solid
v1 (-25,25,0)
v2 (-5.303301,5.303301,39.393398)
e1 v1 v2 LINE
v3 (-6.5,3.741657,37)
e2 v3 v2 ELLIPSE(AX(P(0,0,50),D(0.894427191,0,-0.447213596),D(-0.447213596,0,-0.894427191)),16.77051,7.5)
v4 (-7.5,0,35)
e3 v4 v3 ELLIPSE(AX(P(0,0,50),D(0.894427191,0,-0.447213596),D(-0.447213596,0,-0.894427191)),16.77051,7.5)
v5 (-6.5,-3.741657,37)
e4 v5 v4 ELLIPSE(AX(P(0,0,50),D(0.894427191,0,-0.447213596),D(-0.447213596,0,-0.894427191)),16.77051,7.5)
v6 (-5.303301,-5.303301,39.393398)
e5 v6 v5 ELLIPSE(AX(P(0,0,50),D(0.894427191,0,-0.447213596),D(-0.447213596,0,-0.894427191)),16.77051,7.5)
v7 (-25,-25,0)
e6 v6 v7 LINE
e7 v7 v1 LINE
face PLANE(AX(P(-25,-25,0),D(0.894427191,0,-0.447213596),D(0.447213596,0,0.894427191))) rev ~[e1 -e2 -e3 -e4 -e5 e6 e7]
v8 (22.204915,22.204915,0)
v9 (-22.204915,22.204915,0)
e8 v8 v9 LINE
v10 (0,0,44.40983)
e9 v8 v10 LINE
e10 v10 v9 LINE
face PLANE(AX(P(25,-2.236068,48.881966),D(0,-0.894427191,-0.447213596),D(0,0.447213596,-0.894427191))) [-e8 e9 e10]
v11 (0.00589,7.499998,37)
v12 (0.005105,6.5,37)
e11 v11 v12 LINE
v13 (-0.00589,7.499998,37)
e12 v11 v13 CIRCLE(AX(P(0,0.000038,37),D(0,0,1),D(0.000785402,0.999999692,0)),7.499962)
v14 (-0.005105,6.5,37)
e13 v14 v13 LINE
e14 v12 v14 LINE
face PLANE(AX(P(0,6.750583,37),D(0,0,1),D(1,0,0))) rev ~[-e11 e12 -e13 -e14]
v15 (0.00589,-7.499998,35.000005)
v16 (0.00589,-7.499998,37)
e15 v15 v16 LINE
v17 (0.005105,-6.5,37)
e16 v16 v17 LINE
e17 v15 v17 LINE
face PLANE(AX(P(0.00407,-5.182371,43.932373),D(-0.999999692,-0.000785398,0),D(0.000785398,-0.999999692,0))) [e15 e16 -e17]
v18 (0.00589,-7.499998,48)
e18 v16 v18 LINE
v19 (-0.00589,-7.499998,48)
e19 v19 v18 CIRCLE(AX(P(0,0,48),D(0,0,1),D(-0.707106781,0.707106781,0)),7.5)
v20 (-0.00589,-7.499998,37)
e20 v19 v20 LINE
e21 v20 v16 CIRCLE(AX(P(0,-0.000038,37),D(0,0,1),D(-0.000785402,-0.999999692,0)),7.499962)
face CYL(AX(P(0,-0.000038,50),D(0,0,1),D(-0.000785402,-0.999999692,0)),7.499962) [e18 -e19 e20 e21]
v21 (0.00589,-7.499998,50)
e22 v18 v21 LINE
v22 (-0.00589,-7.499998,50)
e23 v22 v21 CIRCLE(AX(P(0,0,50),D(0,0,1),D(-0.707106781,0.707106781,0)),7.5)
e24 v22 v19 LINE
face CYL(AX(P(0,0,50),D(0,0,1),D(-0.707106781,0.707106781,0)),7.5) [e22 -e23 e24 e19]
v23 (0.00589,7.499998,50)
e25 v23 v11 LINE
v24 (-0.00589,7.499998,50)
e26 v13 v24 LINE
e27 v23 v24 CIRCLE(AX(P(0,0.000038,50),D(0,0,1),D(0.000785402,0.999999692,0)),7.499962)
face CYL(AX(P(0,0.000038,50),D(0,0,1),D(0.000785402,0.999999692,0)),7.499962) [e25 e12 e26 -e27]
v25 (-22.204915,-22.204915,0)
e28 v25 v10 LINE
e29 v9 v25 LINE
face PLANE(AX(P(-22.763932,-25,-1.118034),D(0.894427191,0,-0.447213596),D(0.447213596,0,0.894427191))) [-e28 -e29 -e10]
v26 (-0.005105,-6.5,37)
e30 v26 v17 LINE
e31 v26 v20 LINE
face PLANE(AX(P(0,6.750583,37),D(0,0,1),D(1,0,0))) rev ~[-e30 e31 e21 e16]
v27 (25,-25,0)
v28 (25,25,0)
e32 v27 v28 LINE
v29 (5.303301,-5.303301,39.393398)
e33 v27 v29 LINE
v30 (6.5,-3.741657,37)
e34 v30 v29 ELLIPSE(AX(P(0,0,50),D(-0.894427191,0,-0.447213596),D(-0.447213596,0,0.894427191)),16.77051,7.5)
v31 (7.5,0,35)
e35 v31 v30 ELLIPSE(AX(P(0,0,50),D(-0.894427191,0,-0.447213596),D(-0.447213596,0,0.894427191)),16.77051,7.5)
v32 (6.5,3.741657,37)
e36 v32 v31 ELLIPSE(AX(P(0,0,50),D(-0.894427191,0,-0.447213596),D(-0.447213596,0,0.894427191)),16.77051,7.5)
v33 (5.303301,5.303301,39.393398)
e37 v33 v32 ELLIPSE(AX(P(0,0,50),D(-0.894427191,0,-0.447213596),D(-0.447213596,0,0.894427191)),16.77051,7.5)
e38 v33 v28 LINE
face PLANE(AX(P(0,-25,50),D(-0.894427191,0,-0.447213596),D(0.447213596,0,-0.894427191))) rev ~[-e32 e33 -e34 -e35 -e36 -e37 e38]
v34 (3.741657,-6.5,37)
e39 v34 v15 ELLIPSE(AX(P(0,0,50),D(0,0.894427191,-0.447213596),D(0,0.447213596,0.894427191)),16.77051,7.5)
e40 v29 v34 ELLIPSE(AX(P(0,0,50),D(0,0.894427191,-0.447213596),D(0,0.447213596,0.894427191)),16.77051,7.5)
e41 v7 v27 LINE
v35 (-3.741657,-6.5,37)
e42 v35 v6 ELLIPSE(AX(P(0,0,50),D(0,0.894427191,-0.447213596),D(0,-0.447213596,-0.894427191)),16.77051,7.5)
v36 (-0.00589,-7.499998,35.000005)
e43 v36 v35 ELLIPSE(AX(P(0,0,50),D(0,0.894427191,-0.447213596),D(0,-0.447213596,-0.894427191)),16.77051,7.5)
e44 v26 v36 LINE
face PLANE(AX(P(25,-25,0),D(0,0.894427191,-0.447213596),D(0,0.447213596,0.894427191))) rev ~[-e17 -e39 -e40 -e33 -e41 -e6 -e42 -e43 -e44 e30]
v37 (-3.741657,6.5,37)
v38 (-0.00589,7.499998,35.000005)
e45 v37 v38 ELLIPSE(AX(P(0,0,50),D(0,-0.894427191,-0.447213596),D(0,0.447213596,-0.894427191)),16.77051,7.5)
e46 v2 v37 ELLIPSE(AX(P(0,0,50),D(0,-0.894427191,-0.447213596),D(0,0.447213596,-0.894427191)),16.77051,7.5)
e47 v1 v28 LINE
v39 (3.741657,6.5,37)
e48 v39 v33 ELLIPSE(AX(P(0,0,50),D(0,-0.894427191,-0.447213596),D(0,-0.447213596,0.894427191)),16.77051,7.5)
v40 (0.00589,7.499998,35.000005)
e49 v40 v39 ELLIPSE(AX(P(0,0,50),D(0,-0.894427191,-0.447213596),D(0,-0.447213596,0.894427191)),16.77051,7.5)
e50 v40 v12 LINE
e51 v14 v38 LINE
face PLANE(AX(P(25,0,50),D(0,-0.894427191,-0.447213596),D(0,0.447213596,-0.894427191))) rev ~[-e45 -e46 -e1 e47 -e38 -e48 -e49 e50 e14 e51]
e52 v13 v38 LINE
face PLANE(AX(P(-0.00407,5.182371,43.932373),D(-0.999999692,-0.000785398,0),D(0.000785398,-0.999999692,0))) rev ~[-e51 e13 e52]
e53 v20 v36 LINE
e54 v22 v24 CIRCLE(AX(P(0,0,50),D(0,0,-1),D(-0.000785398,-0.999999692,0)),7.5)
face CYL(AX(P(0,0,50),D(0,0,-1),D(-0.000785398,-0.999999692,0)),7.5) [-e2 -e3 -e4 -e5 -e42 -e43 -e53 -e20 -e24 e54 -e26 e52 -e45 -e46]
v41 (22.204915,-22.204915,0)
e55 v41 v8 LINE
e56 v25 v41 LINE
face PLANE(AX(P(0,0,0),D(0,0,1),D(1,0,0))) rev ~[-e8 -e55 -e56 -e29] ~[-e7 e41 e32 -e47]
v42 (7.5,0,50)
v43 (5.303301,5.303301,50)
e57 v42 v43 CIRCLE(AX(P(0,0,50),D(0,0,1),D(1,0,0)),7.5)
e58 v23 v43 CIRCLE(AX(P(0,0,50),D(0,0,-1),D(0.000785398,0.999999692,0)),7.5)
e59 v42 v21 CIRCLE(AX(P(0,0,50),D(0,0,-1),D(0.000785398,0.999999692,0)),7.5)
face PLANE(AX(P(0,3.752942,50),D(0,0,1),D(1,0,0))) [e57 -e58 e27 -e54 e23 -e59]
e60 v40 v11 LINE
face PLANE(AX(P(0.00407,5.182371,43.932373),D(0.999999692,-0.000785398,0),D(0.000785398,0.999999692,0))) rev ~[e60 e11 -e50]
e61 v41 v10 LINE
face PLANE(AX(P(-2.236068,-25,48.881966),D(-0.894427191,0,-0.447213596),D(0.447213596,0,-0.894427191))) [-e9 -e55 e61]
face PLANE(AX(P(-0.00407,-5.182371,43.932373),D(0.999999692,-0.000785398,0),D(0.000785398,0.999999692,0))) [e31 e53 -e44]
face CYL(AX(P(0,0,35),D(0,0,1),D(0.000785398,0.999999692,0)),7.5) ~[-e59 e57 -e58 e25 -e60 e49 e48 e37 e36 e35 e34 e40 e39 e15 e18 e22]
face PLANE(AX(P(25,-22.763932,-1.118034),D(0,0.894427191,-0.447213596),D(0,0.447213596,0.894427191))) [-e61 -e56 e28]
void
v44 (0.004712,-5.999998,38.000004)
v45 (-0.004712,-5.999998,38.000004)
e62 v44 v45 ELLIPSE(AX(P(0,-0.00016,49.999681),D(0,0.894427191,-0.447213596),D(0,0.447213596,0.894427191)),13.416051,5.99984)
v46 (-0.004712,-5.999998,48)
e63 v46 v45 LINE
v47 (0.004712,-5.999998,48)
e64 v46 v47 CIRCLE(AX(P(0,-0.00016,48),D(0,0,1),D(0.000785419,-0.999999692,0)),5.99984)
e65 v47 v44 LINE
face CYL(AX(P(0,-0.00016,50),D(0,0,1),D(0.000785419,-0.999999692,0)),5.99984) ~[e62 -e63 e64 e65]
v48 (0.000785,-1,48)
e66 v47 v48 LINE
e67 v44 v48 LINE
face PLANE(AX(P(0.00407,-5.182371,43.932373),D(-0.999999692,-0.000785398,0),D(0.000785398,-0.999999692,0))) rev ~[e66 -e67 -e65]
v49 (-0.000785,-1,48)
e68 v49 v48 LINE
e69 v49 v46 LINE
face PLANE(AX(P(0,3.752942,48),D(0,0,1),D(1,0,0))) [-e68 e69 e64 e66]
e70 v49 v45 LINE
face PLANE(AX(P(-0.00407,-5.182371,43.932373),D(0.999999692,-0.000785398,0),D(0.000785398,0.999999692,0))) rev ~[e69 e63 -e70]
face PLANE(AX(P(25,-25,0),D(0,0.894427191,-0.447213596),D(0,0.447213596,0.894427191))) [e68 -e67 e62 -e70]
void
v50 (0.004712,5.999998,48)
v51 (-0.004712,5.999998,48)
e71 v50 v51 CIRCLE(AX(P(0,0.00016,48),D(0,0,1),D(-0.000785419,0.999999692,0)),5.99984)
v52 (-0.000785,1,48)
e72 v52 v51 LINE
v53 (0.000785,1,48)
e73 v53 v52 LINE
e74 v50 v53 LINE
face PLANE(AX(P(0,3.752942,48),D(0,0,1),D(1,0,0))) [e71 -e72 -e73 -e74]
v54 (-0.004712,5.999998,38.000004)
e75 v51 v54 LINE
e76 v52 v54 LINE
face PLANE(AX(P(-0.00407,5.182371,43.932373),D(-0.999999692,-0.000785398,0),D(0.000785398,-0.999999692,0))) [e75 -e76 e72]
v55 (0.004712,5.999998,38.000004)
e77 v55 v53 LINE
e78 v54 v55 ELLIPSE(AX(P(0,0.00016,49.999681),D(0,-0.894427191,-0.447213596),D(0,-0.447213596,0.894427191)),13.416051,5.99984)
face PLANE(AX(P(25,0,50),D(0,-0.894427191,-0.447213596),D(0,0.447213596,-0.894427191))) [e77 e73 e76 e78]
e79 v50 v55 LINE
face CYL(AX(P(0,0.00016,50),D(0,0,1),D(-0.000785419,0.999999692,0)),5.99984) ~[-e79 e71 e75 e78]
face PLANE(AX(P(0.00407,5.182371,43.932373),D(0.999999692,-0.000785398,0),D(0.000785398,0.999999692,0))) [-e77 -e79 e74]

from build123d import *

# Parameters (mm, degrees)
F0_W          = 50
F0_H          = 50
F1_DEPTH      = 50
F4_DEPTH      = 50
F5_DEPTH      = 51
F6_T          = -2.5
F8_ANGLE_BACK = 89.955
F8_ANGLE      = 179.91
F10_DEPTH     = 2
F12_DEPTH     = 13


with BuildPart() as f1:
    # F0 (on Top) → F1 (new body)
    with BuildSketch(Plane.XY):
        Rectangle(F0_W, F0_H)
    extrude(amount=F1_DEPTH)

    # F3 (on face) → F4 (cut, through all)
    with BuildSketch(Plane.YZ.offset(25)):
        Polygon((-25, 1.3375796843), (-25, 0), (0, 50), (-25, 50), align=None)
        Polygon((25, 50), (0, 50), (25, 0), align=None)
    extrude(amount=-F4_DEPTH, mode=Mode.SUBTRACT)

    # F2 (on face) → F5 (cut, up to face)
    with BuildSketch(Plane.XZ.offset(25)):
        Polygon((-25, 50), (-25, 0), (0, 50), align=None)
        Polygon((25, 50), (0, 50), (25, 0), align=None)
    extrude(amount=-F5_DEPTH, mode=Mode.SUBTRACT)

    # F6
    f6_openings = [f1.faces().sort_by_distance(p)[0] for p in [
        (0, 0, 0),
    ]]
    offset(amount=F6_T, openings=f6_openings)

    # F7 (on Front) → F8 (revolve)
    with BuildSketch(Plane.XZ, mode=Mode.PRIVATE) as f8_sk:
        Polygon((-7.5, 50), (-7.5, 35), (0, 50), align=None)
        Polygon((7.5, 50), (0, 50), (7.5, 35), align=None)
    revolve(f8_sk.sketch.rotate(Axis((0, 0, 42.5), (0, 0, -1)), -F8_ANGLE_BACK), axis=Axis((0, 0, 42.5), (0, 0, -1)), revolution_arc=F8_ANGLE)

    # F9 (on face) → F10 (join)
    with BuildSketch(Plane.XY.offset(50)):
        with BuildLine():
            Line((0, 0), (0.0058904856, 7.4999976868))
            ThreePointArc((0.0058904856, 7.4999976868), (0, 7.5), (-0.0058904856, 7.4999976868))
            Line((-0.0058904856, 7.4999976868), (0, 0))
        make_face()
        with BuildLine():
            ThreePointArc((-5.3033008589, 5.3033008589), (-2.8701257427, -6.9290964938), (7.5, 0))
            ThreePointArc((7.5, 0), (6.9290964938, 2.8701257427), (5.3033008589, 5.3033008589))
            ThreePointArc((5.3033008589, 5.3033008589), (2.8728465712, 6.9279688638), (0.0058904856, 7.4999976868))
            Line((0.0058904856, 7.4999976868), (0, 0))
            Line((0, 0), (-0.0058904856, 7.4999976868))
            ThreePointArc((-0.0058904856, 7.4999976868), (-2.8728465712, 6.9279688638), (-5.3033008589, 5.3033008589))
        make_face()
    extrude(amount=-F10_DEPTH)

    # F11 (on face) → F12 (join)
    with BuildSketch(Plane.XY.offset(50)):
        with BuildLine():
            ThreePointArc((-0.0047123885, 5.9999981494), (0, 6), (0.0047123885, 5.9999981494))
            Line((0.0047123885, 5.9999981494), (0.0058904856, 7.4999976868))
            ThreePointArc((0.0058904856, 7.4999976868), (0, 7.5), (-0.0058904856, 7.4999976868))
            Line((-0.0058904856, 7.4999976868), (-0.0047123885, 5.9999981494))
        make_face()
        with BuildLine():
            ThreePointArc((-0.0047123885, -5.9999981494), (-6, 0), (-0.0047123885, 5.9999981494))
            Line((-0.0047123885, 5.9999981494), (-0.0058904856, 7.4999976868))
            ThreePointArc((-0.0058904856, 7.4999976868), (-7.5, 0), (-0.0058904856, -7.4999976868))
            Line((-0.0058904856, -7.4999976868), (-0.0047123885, -5.9999981494))
        make_face()
        with BuildLine():
            Line((0.0058904856, -7.4999976868), (0.0047123885, -5.9999981494))
            ThreePointArc((0.0047123885, -5.9999981494), (0, -6), (-0.0047123885, -5.9999981494))
            Line((-0.0047123885, -5.9999981494), (-0.0058904856, -7.4999976868))
            ThreePointArc((-0.0058904856, -7.4999976868), (0, -7.5), (0.0058904856, -7.4999976868))
        make_face()
        with BuildLine():
            ThreePointArc((0.0047123885, 5.9999981494), (4.244306441, 4.2409742789), (6, 0))
            ThreePointArc((6, 0), (4.244306441, -4.2409742789), (0.0047123885, -5.9999981494))
            Line((0.0047123885, -5.9999981494), (0.0058904856, -7.4999976868))
            ThreePointArc((0.0058904856, -7.4999976868), (5.3053830513, -5.3012178487), (7.5, 0))
            ThreePointArc((7.5, 0), (5.3053830513, 5.3012178487), (0.0058904856, 7.4999976868))
            Line((0.0058904856, 7.4999976868), (0.0047123885, 5.9999981494))
        make_face()
    extrude(amount=-F12_DEPTH)


solid = f1.part
